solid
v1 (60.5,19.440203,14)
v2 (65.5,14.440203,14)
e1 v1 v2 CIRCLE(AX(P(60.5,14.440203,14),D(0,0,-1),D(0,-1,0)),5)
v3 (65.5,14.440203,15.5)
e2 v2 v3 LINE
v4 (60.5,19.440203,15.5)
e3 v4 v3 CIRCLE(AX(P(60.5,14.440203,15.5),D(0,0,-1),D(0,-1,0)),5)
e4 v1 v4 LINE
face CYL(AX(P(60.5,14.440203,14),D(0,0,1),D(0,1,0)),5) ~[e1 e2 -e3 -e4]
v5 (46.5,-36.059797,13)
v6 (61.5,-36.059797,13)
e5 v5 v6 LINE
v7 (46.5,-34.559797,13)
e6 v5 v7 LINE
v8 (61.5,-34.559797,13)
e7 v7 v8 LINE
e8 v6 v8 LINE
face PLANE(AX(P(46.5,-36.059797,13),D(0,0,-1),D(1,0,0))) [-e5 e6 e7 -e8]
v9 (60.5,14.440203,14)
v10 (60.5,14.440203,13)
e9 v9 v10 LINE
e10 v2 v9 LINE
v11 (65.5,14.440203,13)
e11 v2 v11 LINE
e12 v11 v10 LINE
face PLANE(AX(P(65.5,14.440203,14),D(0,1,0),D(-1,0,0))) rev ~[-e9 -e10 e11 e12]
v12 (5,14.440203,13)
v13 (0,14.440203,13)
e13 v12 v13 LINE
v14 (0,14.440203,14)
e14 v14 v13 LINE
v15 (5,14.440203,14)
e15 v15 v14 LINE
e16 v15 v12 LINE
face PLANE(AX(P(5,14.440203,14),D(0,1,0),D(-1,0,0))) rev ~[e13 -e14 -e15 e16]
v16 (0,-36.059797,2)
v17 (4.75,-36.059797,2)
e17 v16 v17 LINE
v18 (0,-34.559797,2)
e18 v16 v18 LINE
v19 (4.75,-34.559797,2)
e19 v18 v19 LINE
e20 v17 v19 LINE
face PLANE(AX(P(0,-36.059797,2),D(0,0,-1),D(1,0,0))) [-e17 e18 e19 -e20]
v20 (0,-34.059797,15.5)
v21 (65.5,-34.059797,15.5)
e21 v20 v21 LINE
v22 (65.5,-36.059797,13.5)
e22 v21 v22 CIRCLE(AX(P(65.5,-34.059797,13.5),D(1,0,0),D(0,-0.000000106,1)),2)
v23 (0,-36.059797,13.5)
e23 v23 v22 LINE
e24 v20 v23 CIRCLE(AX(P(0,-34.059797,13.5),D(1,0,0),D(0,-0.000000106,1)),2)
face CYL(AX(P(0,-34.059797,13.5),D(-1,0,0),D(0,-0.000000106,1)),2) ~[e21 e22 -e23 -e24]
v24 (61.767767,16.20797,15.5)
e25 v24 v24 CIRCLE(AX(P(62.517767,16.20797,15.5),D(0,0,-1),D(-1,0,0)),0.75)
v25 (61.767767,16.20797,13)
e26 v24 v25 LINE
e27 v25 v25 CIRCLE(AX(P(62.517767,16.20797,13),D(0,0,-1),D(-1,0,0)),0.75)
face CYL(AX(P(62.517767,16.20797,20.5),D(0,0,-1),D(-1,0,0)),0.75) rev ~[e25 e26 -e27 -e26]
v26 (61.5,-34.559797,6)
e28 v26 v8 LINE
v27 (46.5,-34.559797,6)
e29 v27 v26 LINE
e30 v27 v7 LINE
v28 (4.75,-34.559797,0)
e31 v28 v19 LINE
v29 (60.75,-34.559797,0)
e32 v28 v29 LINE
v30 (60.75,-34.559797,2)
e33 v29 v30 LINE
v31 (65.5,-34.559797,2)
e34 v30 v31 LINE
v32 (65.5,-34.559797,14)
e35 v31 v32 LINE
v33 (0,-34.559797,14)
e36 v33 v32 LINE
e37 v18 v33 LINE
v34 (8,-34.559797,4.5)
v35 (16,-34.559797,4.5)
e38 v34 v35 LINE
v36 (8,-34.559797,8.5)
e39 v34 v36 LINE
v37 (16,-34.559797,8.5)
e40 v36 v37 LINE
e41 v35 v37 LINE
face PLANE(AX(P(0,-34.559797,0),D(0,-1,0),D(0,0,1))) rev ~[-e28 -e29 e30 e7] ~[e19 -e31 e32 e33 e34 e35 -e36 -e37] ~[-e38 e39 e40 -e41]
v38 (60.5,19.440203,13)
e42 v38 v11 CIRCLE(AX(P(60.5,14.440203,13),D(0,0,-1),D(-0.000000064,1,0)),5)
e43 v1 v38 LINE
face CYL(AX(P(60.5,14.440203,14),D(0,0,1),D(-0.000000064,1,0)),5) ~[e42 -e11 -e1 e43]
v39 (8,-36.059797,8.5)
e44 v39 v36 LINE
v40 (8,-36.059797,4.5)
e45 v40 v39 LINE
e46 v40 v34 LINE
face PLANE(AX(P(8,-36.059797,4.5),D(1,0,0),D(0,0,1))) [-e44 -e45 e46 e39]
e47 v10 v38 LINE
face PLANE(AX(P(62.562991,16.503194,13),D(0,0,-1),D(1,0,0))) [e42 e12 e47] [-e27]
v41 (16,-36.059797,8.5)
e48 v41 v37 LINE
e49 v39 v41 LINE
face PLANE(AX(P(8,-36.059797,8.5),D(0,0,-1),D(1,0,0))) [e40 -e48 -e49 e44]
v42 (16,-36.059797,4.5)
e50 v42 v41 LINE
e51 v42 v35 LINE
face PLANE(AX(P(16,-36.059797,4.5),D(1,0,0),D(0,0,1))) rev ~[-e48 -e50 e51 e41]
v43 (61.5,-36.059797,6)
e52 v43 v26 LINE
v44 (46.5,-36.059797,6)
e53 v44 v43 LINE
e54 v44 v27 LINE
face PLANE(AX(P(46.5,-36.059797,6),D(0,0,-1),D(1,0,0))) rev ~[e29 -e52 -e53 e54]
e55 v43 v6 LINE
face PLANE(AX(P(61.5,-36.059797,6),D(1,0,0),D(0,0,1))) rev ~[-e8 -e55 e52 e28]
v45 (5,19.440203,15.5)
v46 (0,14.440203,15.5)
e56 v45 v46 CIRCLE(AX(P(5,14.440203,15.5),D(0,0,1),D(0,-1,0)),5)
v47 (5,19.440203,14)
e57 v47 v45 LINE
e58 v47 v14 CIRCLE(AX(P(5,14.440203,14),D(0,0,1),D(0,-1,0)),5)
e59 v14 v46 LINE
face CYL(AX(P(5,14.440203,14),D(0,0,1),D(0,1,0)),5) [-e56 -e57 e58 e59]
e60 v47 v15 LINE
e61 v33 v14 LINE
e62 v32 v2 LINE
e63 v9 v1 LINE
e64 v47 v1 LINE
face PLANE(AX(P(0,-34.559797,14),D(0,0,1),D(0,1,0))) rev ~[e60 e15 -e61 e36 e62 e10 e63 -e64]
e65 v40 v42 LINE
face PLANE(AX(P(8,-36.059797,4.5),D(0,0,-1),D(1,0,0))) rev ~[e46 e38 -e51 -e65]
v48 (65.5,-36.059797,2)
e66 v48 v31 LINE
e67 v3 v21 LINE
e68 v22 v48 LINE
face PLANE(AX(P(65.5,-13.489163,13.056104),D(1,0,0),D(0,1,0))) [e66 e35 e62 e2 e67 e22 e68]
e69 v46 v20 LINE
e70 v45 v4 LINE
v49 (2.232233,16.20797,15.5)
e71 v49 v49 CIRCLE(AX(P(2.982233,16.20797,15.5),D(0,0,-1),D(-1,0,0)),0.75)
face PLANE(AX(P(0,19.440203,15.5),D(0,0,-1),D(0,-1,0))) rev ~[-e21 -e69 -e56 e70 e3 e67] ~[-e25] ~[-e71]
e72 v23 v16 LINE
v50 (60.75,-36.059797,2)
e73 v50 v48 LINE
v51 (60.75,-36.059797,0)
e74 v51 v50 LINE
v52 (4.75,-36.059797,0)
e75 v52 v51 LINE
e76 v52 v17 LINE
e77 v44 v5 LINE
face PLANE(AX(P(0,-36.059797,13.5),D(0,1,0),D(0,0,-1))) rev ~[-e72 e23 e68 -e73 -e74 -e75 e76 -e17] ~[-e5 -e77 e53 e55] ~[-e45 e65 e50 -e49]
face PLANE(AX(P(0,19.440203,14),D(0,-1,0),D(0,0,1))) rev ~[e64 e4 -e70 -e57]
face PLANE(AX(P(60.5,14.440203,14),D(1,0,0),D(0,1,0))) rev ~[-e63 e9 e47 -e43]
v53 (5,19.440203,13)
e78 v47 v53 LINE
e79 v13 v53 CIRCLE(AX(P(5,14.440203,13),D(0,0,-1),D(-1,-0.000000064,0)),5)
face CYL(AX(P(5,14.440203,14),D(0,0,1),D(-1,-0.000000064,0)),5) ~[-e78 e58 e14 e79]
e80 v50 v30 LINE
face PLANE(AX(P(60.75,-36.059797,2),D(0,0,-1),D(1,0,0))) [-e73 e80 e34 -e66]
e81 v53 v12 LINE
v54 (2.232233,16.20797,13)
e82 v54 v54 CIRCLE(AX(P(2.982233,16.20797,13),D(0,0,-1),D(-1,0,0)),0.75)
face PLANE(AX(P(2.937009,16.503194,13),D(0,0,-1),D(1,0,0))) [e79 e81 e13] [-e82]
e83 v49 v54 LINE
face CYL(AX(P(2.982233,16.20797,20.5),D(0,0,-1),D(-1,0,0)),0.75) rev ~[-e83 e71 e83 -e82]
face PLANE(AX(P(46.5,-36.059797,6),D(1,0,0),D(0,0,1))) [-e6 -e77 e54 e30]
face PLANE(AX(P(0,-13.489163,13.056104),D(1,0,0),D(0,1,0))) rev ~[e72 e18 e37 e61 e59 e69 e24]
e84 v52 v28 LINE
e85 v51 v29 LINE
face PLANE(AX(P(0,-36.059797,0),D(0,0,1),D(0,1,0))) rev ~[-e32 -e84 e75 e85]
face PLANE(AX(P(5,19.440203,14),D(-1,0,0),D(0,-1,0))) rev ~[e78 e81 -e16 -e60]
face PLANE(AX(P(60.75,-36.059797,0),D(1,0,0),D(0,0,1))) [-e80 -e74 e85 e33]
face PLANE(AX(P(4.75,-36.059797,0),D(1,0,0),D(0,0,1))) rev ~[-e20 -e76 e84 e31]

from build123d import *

# Parameters (mm, degrees)
F1_DEPTH = 65.5
F2_R     = 5
F4_DEPTH = 1
F6_D     = 1.5
F6_DEPTH = 5
F7_W     = 15
F7_H     = 7
F7_W_2   = 8
F7_H_2   = 4
F8_DEPTH = 5
F7_W_3   = 4.75
F7_H_3   = 2
F9_DEPTH = 5


with BuildPart() as f1:
    # F0 (on Right) → F1 (new body)
    with BuildSketch(Plane.YZ):
        with BuildLine():
            Line((-36.059797, 0), (-34.559797, 0))
            Line((-34.559797, 0), (-34.559797, 14))
            Line((-34.559797, 14), (19.440203, 14))
            Line((19.440203, 14), (19.440203, 15.5))
            Line((19.440203, 15.5), (-34.059797, 15.5))
            ThreePointArc((-34.059797, 15.5), (-35.47401, 14.914214), (-36.059797, 13.5))
            Line((-36.059797, 13.5), (-36.059797, 0))
        make_face()
    extrude(amount=F1_DEPTH)

    # F2
    f2_edges = [f1.edges().sort_by_distance(p)[0] for p in [
        (65.5, 19.440203, 14.75),
        (0, 19.440203, 14.75),
    ]]
    fillet(f2_edges, radius=F2_R)

    # F3 (on face) → F4 (join)
    with BuildSketch(Plane(origin=(0, 0, 14), x_dir=(1, 0, 0), z_dir=(0, 0, -1))):
        with BuildLine():
            ThreePointArc((0, -14.440203), (1.464466, -17.975737), (5, -19.440203))
            Line((5, -19.440203), (5, -14.440203))
            Line((5, -14.440203), (0, -14.440203))
        make_face()
        with BuildLine():
            ThreePointArc((60.5, -19.440203), (64.035534, -17.975737), (65.5, -14.440203))
            Line((65.5, -14.440203), (60.5, -14.440203))
            Line((60.5, -14.440203), (60.5, -19.440203))
        make_face()
    extrude(amount=F4_DEPTH)

    # F6
    with Locations(Plane.XY.offset(15.5)):
        with Locations((2.982233, 16.20797), (62.517767, 16.20797)):
            Hole(F6_D / 2, depth=F6_DEPTH)

    # F7 (on face) → F8 (cut)
    with BuildSketch(Plane.XZ.offset(36.059797)):
        with Locations((54, 9.5)):
            Rectangle(F7_W, F7_H)
        with Locations((12, 6.5)):
            Rectangle(F7_W_2, F7_H_2)
    extrude(amount=-F8_DEPTH, mode=Mode.SUBTRACT)

    # F7 (on face) → F9 (cut)
    with BuildSketch(Plane.XZ.offset(36.059797)):
        with Locations((2.375, 1)):
            Rectangle(F7_W_3, F7_H_3)
        with Locations((63.125, 1)):
            Rectangle(F7_W_3, F7_H_3)
    extrude(amount=-F9_DEPTH, mode=Mode.SUBTRACT)


solid = f1.part
